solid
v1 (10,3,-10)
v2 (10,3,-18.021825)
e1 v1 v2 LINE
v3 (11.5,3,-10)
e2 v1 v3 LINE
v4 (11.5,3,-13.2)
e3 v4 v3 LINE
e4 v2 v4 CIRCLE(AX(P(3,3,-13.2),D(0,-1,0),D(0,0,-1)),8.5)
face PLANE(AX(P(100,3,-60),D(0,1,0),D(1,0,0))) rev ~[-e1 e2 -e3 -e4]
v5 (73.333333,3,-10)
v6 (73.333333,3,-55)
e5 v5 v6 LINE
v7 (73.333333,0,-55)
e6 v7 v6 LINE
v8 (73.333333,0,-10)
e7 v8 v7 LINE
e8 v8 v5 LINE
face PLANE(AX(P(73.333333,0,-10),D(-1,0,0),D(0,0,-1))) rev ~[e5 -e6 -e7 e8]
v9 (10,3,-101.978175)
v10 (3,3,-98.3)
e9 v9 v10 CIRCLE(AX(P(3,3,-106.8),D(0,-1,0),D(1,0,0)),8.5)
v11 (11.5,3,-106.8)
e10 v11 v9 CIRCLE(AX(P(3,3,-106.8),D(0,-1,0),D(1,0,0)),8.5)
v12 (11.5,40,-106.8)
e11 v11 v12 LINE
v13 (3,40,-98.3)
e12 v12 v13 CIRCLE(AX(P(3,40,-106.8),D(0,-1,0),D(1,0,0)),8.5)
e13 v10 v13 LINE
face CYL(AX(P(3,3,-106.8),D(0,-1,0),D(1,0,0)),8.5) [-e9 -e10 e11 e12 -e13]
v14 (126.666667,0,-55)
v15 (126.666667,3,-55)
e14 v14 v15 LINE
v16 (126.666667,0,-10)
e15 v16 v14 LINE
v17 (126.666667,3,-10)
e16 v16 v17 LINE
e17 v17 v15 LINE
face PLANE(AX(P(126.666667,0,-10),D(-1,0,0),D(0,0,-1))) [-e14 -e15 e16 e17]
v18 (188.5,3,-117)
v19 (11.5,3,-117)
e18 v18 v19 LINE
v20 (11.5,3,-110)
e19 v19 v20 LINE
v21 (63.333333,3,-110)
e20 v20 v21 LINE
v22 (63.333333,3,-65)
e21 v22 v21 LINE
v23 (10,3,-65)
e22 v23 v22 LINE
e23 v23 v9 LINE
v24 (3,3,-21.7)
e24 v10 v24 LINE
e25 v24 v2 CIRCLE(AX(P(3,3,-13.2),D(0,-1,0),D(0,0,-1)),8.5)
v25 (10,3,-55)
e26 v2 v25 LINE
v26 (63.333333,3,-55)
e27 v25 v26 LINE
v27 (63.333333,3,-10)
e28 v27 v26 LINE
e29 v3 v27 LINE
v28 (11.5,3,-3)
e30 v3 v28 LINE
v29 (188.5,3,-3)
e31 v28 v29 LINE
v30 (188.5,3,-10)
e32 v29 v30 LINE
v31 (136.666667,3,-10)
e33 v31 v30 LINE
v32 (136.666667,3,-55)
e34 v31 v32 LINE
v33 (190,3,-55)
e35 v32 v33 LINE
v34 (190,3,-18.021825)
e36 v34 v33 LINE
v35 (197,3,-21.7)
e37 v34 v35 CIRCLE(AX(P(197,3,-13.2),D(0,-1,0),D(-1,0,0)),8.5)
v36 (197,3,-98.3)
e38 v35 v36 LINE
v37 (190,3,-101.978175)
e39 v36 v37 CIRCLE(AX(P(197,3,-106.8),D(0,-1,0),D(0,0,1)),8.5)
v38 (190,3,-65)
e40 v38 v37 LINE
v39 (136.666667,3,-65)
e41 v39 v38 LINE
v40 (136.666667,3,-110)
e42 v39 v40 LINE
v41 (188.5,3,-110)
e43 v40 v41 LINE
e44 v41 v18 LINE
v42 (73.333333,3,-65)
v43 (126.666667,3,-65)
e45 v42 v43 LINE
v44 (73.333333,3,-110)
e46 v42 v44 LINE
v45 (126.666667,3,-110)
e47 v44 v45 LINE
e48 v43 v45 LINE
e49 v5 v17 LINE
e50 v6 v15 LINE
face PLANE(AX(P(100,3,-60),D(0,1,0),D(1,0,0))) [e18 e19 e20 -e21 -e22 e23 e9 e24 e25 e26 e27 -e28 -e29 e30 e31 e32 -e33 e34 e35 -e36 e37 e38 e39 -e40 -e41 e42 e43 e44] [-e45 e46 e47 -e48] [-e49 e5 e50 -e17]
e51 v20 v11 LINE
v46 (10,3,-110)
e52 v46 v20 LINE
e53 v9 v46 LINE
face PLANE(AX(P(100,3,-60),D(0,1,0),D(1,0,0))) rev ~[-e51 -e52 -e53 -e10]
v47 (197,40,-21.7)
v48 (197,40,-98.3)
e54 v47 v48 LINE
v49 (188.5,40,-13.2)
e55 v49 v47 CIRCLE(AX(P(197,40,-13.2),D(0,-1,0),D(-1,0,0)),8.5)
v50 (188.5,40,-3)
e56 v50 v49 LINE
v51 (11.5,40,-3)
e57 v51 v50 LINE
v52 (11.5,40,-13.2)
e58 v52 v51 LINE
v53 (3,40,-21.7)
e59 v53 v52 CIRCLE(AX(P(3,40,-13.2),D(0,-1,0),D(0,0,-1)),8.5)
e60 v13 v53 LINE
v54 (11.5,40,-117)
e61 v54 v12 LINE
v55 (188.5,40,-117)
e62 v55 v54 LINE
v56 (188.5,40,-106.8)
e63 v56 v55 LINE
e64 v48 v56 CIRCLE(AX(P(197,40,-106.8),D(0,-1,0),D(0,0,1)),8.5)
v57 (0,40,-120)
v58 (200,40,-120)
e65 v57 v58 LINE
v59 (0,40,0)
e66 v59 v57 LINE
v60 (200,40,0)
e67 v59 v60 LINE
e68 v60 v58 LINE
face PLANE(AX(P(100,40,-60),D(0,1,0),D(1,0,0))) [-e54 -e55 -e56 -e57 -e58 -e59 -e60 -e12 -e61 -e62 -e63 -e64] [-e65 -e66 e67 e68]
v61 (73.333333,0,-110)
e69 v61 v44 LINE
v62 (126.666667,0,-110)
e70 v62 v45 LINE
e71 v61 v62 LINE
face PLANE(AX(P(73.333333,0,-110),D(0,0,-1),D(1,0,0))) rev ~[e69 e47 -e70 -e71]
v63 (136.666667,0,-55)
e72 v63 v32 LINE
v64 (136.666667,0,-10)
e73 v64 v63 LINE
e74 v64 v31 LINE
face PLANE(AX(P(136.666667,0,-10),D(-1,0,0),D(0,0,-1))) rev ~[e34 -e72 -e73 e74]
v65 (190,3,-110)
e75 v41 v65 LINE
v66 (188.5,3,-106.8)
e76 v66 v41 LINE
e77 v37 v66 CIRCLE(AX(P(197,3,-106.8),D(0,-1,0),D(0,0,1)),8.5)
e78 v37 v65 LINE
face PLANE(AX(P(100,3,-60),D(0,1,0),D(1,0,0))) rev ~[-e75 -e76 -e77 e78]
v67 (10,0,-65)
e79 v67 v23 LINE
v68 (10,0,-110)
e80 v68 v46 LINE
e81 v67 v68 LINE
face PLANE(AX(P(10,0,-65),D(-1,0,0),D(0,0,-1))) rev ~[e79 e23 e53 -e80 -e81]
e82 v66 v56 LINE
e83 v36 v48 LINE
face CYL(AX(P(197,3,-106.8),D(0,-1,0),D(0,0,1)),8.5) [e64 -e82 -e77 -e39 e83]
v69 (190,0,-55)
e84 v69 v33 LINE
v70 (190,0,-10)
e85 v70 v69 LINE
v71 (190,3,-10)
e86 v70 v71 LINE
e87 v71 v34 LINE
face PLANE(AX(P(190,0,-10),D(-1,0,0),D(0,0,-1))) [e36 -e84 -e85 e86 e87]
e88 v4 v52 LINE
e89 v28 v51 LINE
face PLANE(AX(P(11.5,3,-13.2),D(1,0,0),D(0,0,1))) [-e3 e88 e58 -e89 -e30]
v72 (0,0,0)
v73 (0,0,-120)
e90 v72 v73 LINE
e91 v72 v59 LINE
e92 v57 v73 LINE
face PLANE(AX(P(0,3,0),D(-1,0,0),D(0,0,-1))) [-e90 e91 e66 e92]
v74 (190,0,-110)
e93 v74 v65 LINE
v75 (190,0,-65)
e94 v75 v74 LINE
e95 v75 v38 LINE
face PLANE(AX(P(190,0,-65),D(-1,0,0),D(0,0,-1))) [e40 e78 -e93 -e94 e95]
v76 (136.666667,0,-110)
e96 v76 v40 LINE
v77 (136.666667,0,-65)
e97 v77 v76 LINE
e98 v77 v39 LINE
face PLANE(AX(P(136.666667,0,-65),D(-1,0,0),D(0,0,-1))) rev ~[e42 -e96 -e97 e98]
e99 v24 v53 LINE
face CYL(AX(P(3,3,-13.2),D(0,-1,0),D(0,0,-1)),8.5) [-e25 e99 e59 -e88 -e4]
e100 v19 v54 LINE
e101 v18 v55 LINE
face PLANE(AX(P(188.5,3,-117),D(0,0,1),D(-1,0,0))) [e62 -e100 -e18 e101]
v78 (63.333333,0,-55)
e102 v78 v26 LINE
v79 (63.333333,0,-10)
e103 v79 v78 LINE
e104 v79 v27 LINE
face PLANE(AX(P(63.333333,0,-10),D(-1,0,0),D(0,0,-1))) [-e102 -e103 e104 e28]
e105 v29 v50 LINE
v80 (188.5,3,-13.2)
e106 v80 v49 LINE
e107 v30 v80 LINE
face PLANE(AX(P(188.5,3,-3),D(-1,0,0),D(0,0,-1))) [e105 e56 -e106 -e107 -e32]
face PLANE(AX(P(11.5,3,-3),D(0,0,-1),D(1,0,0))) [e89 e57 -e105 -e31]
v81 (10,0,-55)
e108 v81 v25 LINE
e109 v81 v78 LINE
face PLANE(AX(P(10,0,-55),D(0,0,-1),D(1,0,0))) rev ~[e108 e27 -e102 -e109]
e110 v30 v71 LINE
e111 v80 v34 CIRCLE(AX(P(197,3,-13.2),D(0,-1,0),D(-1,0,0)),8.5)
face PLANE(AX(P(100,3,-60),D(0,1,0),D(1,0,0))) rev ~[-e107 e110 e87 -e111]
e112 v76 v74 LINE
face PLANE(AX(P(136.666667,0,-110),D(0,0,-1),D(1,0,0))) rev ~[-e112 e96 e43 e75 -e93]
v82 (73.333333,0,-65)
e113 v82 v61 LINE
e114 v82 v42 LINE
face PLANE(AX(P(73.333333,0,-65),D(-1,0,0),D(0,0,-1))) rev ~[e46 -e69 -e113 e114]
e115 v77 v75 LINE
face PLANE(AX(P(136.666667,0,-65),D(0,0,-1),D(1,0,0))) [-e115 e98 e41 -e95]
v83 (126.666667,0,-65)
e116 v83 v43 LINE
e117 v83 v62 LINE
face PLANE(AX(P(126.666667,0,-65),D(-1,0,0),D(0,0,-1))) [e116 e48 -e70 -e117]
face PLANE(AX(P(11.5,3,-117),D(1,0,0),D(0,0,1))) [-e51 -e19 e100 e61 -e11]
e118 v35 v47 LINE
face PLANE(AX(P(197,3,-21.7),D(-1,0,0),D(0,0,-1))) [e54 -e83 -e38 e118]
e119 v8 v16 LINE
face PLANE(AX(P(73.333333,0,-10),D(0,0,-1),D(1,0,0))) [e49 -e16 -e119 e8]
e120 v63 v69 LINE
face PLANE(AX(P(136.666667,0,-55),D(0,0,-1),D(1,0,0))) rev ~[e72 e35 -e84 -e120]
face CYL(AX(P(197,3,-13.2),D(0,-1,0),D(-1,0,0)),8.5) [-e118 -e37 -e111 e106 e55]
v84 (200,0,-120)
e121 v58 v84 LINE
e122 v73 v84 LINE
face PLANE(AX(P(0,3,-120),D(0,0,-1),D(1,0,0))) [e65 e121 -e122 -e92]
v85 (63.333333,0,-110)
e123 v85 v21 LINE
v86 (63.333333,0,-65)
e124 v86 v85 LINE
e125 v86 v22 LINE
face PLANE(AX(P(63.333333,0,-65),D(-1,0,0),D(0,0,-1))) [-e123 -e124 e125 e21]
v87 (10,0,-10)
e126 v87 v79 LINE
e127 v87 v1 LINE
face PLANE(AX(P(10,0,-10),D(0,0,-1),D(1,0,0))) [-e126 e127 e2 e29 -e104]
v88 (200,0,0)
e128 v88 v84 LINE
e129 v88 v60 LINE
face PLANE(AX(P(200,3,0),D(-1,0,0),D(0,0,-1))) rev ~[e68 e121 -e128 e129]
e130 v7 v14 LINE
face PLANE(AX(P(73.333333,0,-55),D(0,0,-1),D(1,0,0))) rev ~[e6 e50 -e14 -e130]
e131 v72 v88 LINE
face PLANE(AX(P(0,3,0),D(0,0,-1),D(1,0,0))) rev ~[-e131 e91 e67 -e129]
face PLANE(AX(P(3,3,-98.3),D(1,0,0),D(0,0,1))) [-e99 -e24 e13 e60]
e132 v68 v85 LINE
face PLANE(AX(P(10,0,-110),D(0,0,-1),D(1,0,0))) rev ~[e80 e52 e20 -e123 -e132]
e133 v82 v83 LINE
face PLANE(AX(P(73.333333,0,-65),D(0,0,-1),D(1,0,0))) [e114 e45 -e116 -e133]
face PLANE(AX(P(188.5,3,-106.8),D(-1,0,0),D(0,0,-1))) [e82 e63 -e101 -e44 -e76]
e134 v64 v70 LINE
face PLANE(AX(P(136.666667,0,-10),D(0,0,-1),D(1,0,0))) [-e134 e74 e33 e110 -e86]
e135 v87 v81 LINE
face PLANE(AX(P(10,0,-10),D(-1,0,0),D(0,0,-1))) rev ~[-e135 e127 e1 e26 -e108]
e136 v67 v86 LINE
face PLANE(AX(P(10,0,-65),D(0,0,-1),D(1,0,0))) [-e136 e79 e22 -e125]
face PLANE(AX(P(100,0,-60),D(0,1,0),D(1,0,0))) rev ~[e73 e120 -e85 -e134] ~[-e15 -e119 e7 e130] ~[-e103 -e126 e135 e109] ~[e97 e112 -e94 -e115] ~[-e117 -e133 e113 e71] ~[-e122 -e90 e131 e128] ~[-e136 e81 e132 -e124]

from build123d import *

# Parameters (mm, degrees)
SKETCH1_W           = 200
SKETCH1_H           = 120
SKETCH1_W_2         = 53.333333333
SKETCH1_H_2         = 45
SKETCH1_W_3         = 53.333333334
BOSS_EXTRUDE1_DEPTH = 3
SKETCH2_W           = 200
SKETCH2_H           = 120
BOSS_EXTRUDE2_DEPTH = 37


with BuildPart() as part:
    # Sketch1 → Boss-Extrude1 (new body)
    with BuildSketch(Plane(origin=(0, 0, 0), x_dir=(1, 0, 0), z_dir=(0, 1, 0))):
        with Locations((100, 60)):
            Rectangle(SKETCH1_W, SKETCH1_H)
        with Locations((36.666666667, 87.5)):
            Rectangle(SKETCH1_W_2, SKETCH1_H_2, mode=Mode.SUBTRACT)
        with Locations((36.666666667, 32.5)):
            Rectangle(SKETCH1_W_2, SKETCH1_H_2, mode=Mode.SUBTRACT)
        with Locations((100, 87.5)):
            Rectangle(SKETCH1_W_3, SKETCH1_H_2, mode=Mode.SUBTRACT)
        with Locations((163.333333334, 87.5)):
            Rectangle(SKETCH1_W_2, SKETCH1_H_2, mode=Mode.SUBTRACT)
        with Locations((163.333333334, 32.5)):
            Rectangle(SKETCH1_W_2, SKETCH1_H_2, mode=Mode.SUBTRACT)
        with Locations((100, 32.5)):
            Rectangle(SKETCH1_W_3, SKETCH1_H_2, mode=Mode.SUBTRACT)
    extrude(amount=BOSS_EXTRUDE1_DEPTH)

    # Sketch2 → Boss-Extrude2 (add)
    with BuildSketch(Plane(origin=(0, 3, 0), x_dir=(1, 0, 0), z_dir=(0, 1, 0))):
        with Locations((100, 60)):
            Rectangle(SKETCH2_W, SKETCH2_H)
        with BuildLine():
            Line((3, 98.3), (3, 21.7))
            ThreePointArc((3, 21.7), (9.01040764, 19.21040764), (11.5, 13.2))
            Line((11.5, 13.2), (11.5, 3))
            Line((11.5, 3), (188.5, 3))
            Line((188.5, 3), (188.5, 13.2))
            ThreePointArc((188.5, 13.2), (190.98959236, 19.21040764), (197, 21.7))
            Line((197, 21.7), (197, 98.3))
            ThreePointArc((197, 98.3), (190.98959236, 100.78959236), (188.5, 106.8))
            Line((188.5, 106.8), (188.5, 117))
            Line((188.5, 117), (11.5, 117))
            Line((11.5, 117), (11.5, 106.8))
            ThreePointArc((11.5, 106.8), (9.01040764, 100.78959236), (3, 98.3))
        make_face(mode=Mode.SUBTRACT)
    extrude(amount=BOSS_EXTRUDE2_DEPTH)


solid = part.part
